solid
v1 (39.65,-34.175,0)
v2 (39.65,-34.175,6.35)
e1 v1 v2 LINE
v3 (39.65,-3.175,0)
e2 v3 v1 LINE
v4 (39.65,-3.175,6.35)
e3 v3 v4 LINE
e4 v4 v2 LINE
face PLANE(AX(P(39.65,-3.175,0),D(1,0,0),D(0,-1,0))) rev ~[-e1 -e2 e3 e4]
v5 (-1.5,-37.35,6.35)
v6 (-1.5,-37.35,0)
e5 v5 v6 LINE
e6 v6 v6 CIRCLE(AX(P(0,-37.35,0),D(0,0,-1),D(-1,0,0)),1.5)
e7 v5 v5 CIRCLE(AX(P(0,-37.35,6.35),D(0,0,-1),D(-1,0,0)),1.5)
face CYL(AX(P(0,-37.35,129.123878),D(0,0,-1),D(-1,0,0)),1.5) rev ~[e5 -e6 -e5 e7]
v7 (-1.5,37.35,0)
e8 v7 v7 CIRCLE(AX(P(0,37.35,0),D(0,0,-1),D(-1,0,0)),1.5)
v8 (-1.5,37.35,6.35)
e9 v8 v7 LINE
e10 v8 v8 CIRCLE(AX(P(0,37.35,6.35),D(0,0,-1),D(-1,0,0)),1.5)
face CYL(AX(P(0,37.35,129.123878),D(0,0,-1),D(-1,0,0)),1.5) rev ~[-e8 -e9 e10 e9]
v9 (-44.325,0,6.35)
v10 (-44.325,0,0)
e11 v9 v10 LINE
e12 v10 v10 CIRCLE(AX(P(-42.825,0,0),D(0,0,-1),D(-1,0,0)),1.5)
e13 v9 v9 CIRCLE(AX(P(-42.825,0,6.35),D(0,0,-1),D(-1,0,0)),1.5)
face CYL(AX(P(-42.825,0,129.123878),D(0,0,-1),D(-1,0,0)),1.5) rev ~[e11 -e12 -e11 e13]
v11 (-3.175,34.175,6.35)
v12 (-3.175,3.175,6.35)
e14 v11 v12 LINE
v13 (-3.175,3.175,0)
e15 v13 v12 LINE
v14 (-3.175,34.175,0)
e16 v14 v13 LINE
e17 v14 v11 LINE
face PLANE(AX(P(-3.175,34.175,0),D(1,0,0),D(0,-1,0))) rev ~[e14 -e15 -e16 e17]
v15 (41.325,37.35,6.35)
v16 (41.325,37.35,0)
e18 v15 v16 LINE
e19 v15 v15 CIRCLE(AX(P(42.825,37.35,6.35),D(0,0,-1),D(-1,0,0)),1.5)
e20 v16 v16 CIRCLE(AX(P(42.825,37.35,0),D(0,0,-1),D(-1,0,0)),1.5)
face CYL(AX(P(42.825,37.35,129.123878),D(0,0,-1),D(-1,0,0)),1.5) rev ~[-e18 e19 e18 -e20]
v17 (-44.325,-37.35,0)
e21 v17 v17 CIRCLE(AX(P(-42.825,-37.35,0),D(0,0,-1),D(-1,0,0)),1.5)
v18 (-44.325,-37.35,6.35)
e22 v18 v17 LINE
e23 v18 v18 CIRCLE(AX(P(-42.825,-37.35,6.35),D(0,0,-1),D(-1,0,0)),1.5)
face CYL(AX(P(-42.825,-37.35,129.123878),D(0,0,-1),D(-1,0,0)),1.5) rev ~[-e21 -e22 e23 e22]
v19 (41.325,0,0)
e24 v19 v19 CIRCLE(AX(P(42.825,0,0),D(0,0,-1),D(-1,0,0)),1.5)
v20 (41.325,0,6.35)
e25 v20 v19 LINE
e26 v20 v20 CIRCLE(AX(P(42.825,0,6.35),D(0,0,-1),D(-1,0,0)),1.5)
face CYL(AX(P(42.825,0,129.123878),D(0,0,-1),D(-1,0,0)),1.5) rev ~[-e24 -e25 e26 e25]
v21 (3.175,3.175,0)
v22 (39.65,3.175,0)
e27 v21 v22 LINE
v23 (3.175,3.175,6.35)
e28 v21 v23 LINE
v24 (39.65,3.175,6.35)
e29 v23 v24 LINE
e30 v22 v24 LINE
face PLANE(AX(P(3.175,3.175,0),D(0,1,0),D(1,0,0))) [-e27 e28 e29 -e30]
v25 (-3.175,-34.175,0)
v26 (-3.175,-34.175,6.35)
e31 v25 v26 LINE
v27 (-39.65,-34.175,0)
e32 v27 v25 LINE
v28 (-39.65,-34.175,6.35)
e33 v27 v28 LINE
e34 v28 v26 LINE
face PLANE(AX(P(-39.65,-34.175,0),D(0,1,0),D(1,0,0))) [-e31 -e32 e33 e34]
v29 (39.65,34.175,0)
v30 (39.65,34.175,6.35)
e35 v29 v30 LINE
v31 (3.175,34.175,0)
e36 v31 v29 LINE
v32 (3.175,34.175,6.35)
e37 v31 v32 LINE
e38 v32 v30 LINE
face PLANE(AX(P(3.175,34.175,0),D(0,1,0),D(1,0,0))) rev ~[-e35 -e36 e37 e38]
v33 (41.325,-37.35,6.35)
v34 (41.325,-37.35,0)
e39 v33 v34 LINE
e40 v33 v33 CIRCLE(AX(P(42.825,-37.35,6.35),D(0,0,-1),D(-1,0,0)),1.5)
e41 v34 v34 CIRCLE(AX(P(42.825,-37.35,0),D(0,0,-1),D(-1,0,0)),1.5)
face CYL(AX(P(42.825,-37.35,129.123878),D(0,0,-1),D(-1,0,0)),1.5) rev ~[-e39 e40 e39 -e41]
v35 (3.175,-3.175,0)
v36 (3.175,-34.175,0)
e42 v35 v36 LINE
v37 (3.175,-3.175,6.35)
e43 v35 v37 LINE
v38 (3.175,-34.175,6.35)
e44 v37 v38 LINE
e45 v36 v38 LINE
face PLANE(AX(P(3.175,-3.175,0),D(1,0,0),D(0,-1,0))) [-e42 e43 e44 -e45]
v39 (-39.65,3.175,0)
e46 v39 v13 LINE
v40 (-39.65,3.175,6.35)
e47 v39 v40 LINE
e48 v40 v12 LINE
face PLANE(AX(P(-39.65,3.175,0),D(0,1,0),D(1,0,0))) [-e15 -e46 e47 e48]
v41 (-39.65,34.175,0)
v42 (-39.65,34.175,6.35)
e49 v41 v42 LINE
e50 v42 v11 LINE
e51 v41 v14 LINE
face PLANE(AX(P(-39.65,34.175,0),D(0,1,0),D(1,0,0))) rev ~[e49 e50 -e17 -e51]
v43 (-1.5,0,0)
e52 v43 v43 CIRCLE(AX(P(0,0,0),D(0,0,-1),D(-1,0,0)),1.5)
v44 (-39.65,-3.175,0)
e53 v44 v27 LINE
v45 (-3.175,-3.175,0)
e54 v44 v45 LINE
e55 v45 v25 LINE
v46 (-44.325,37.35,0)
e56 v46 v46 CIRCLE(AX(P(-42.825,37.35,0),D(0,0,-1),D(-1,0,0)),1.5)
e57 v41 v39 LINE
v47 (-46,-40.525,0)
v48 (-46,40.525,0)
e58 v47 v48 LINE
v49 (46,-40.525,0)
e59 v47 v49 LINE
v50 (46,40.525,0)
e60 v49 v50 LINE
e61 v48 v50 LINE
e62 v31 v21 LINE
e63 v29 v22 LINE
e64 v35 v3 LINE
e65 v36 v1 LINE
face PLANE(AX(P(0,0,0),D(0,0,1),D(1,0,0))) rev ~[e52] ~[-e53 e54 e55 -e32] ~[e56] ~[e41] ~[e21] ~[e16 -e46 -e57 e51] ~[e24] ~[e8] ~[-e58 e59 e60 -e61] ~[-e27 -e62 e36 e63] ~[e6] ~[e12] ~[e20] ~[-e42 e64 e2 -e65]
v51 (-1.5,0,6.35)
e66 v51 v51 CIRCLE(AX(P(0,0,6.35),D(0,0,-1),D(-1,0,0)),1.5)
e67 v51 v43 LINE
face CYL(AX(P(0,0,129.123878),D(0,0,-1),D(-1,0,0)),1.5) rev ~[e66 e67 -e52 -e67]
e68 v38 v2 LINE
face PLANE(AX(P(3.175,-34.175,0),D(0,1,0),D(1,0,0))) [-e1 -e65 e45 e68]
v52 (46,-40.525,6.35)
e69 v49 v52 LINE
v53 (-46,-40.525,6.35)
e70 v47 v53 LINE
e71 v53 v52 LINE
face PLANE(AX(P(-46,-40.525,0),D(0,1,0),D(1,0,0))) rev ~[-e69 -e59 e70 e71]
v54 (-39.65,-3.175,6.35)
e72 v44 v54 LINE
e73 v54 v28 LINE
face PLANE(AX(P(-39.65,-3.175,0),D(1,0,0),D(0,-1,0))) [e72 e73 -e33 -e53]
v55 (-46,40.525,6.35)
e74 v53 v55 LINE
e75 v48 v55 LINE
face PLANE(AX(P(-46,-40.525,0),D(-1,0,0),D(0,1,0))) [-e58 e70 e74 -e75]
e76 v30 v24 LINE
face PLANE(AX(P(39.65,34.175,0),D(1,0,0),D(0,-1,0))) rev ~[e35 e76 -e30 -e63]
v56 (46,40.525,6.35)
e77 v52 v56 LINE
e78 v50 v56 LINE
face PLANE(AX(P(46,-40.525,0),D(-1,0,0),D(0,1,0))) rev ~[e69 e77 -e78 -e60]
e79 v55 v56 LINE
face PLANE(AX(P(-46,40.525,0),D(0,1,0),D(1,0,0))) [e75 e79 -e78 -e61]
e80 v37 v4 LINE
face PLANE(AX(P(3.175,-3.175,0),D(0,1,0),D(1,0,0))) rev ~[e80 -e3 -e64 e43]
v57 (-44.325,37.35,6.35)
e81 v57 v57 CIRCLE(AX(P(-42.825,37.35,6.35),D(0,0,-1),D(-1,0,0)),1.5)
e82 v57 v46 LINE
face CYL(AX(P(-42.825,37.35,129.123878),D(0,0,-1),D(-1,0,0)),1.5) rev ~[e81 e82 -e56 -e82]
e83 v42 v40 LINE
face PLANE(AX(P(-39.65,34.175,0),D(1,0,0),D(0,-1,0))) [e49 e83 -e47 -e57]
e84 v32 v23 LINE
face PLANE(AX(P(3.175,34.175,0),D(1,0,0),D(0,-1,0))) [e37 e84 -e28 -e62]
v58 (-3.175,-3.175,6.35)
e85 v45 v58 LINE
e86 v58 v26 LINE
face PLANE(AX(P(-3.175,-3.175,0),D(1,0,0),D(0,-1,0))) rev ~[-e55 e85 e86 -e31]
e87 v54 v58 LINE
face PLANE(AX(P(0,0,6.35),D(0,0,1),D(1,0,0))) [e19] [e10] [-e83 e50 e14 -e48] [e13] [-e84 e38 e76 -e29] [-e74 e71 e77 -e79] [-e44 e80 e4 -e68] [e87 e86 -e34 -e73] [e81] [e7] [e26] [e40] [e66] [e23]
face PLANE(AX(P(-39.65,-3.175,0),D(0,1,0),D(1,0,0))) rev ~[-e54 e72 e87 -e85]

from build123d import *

# Parameters (mm, degrees)
F0_W     = 92
F0_H     = 81.05
F1_DEPTH = 6.35
F3_W     = 36.475
F3_H     = 31
F4_DEPTH = 6.35
F5_D     = 3


with BuildPart() as f1:
    # F0 (on Top) → F1 (new body)
    with BuildSketch(Plane.XY):
        Rectangle(F0_W, F0_H)
    extrude(amount=F1_DEPTH)

    # F3 (on face) → F4 (cut)
    with BuildSketch(Plane(origin=(0, 0, 0), x_dir=(1, 0, 0), z_dir=(0, 0, -1))):
        with Locations((-21.4125, 18.675)):
            Rectangle(F3_W, F3_H)
        with Locations((-21.4125, -18.675)):
            Rectangle(F3_W, F3_H)
        with Locations((21.4125, 18.675)):
            Rectangle(F3_W, F3_H)
        with Locations((21.4125, -18.675)):
            Rectangle(F3_W, F3_H)
    extrude(amount=-F4_DEPTH, mode=Mode.SUBTRACT)

    # F5 (through all)
    with Locations(Plane.XY.offset(6.35)):
        with Locations((-42.825, 37.35), (0, 37.35), (42.825, 37.35), (-42.825, 0), (0, 0), (42.825, 0), (-42.825, -37.35), (0, -37.35), (42.825, -37.35)):
            Hole(F5_D / 2)


solid = f1.part
